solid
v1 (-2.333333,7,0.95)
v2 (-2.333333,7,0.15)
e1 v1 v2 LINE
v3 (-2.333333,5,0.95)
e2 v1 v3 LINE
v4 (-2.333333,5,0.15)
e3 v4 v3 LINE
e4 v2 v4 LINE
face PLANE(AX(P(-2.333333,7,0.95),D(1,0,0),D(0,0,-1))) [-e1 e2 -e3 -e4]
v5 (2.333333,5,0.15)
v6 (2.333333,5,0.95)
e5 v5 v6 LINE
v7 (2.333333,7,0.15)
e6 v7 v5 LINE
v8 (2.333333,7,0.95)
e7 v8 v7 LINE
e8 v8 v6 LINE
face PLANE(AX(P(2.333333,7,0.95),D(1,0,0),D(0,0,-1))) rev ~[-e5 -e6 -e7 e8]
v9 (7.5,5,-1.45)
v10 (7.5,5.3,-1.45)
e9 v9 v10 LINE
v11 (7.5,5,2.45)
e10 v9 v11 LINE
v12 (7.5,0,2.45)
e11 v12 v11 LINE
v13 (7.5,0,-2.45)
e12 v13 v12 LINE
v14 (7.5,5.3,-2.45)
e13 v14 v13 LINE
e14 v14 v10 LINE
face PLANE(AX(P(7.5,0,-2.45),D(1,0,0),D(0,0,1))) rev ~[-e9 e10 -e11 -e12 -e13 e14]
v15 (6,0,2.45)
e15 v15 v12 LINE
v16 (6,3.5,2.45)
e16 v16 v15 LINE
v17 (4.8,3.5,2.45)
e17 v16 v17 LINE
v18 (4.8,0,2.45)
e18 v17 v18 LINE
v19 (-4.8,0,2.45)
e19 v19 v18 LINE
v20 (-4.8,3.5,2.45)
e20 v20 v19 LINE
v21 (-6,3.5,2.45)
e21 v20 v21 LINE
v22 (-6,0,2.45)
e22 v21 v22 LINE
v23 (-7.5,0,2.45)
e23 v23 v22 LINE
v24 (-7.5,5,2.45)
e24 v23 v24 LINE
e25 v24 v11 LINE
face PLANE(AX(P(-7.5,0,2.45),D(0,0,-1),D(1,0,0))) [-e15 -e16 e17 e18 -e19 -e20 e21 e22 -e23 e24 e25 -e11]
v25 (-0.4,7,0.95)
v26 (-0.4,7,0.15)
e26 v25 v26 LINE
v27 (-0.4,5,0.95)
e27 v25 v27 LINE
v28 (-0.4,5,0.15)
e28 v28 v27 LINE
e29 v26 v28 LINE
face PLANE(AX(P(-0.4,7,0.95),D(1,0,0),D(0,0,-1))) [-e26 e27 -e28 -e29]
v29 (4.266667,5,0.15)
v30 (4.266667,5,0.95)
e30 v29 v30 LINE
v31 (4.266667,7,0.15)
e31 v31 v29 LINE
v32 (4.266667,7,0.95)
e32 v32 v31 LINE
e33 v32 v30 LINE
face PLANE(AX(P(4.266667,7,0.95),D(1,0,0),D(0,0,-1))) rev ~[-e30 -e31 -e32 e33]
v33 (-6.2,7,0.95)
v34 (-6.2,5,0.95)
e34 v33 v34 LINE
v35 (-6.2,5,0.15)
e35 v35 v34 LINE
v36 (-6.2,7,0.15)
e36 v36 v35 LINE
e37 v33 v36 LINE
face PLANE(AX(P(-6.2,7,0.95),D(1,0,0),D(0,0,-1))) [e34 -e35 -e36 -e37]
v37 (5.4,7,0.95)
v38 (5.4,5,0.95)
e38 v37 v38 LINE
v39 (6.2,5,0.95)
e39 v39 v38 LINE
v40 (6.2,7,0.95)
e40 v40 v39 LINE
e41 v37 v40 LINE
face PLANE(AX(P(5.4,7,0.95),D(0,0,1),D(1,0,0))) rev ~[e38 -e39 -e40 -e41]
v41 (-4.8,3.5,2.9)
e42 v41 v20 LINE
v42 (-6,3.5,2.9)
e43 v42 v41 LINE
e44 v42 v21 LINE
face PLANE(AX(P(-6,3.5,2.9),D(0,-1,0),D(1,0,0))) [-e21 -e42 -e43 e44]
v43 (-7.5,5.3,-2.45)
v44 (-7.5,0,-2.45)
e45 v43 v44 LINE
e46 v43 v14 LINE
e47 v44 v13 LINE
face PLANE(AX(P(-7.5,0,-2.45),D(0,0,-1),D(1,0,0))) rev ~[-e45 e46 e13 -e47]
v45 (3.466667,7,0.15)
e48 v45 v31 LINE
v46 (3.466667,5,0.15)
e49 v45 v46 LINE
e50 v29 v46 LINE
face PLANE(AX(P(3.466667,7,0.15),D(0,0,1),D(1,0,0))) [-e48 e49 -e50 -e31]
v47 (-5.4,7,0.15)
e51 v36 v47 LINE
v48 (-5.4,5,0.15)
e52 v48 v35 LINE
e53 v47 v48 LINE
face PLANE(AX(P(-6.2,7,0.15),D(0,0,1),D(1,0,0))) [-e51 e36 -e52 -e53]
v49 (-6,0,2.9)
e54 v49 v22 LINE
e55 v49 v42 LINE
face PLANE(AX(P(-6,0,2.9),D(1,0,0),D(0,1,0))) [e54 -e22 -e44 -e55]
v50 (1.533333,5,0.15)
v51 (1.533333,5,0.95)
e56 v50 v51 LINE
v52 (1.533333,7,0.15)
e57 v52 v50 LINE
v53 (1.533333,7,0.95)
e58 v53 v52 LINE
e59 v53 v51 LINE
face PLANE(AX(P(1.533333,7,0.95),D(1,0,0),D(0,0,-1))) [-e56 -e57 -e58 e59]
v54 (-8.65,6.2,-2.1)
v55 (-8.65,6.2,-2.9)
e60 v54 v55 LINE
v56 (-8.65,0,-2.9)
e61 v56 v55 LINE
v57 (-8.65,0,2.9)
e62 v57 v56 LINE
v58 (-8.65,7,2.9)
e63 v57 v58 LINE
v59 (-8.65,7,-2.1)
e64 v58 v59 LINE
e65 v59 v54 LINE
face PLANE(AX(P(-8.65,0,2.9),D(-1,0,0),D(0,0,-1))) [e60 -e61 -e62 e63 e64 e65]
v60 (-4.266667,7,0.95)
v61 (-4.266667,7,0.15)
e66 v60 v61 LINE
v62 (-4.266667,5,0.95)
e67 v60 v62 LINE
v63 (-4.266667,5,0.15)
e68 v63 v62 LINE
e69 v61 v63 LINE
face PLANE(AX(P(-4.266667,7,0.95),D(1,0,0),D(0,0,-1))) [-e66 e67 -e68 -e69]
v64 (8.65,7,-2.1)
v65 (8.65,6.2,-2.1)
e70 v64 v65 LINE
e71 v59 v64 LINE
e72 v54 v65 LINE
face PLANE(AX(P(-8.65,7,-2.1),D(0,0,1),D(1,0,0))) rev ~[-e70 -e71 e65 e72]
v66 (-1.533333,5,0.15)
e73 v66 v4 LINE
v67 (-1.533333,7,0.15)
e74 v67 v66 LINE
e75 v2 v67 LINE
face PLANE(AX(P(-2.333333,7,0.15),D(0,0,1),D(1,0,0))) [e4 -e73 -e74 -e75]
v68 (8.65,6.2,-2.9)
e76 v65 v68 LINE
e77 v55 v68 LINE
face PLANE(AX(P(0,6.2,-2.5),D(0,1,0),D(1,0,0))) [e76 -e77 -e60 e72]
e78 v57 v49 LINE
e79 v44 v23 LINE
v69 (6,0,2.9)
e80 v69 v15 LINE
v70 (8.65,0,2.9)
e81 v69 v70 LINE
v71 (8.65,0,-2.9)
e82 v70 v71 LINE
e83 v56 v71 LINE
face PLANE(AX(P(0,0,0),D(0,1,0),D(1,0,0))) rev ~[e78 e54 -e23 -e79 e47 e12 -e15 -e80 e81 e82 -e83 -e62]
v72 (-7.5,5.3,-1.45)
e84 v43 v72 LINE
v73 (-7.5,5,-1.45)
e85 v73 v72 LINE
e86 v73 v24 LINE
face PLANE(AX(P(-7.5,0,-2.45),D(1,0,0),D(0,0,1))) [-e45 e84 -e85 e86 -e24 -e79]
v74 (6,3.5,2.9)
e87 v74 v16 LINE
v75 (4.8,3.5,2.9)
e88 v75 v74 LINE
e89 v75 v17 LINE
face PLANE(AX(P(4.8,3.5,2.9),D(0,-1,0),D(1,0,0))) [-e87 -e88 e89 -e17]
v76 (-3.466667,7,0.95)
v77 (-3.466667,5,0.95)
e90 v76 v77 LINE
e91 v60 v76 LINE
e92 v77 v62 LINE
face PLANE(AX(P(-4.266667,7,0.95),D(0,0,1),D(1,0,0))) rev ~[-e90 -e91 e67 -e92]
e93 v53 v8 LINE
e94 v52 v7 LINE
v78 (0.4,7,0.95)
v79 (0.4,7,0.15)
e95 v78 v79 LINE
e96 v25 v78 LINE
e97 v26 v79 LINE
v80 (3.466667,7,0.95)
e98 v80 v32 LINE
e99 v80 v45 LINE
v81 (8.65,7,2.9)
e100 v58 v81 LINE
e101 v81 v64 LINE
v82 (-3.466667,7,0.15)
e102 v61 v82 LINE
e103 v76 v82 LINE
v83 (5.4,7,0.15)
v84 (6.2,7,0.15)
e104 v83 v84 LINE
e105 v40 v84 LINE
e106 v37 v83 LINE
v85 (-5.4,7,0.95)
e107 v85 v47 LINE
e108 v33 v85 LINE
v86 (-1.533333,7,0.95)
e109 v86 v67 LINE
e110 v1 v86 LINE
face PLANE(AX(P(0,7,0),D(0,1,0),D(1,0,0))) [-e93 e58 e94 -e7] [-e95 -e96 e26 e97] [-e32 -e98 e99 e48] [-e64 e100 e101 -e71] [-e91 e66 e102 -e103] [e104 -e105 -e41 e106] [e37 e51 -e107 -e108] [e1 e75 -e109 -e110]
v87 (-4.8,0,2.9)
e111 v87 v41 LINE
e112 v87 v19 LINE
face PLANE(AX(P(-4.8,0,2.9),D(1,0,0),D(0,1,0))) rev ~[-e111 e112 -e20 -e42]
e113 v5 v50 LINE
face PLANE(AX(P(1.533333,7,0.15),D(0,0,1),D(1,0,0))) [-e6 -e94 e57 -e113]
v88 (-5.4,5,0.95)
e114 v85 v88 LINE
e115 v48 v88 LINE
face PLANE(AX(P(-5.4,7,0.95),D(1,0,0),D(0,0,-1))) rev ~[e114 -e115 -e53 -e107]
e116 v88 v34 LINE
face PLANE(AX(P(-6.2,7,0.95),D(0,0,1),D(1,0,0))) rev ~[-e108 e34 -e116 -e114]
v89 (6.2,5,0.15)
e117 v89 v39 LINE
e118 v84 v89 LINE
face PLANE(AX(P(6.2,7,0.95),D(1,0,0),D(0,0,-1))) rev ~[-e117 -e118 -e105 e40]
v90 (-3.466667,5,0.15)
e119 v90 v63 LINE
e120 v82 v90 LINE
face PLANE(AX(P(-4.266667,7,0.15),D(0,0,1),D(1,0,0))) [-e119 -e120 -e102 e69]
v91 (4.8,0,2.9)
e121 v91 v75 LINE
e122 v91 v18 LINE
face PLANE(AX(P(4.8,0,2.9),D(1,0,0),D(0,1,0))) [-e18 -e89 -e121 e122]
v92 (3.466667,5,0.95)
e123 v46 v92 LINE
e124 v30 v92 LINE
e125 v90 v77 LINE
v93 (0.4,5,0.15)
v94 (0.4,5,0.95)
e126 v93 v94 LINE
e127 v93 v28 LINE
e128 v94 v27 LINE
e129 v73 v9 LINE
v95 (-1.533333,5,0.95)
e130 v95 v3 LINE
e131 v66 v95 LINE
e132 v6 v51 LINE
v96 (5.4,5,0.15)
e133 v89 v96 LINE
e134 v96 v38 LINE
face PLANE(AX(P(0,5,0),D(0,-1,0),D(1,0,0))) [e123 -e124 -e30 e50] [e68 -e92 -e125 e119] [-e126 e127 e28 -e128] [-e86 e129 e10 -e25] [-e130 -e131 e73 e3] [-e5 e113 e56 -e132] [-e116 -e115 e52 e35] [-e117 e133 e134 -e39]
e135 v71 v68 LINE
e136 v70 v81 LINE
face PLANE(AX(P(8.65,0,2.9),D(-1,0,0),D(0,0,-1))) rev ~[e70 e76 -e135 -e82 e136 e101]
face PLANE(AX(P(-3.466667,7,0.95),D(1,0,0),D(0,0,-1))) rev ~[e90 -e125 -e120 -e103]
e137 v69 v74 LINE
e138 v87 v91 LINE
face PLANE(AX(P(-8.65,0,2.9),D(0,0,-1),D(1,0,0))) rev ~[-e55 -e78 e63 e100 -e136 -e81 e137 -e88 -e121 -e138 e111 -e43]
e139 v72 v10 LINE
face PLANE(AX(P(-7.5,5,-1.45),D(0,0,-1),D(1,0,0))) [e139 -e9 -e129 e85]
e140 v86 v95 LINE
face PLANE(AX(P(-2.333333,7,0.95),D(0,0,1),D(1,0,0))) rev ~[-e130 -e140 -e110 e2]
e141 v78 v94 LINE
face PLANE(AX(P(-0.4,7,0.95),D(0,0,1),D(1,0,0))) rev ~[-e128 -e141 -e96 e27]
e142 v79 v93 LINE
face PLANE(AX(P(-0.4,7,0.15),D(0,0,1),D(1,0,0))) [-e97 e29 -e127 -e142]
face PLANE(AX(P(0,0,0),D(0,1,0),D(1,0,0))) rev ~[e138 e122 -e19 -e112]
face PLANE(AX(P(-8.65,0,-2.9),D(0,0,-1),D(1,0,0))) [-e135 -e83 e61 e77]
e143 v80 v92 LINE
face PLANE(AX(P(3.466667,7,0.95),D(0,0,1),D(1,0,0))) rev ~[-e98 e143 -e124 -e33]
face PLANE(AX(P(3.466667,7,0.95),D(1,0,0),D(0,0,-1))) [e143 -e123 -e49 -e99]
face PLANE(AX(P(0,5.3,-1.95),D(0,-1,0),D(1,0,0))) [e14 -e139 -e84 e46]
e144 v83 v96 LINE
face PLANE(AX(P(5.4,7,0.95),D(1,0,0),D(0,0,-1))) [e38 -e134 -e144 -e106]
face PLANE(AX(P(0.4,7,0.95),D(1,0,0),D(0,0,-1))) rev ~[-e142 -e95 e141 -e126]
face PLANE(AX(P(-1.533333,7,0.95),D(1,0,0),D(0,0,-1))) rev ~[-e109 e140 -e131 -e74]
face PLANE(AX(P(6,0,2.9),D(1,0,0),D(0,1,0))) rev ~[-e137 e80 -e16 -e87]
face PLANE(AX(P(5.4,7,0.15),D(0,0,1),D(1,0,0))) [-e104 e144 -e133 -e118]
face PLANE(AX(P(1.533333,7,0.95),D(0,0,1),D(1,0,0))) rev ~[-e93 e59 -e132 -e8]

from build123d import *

# Parameters (mm, degrees)
SKETCH1_W           = 17.3
SKETCH1_H           = 5.8
BOSS_EXTRUDE1_DEPTH = 7
SKETCH3_W           = 15
SKETCH3_H           = 4.9
CUT_EXTRUDE1_DEPTH  = 5
SKETCH4_W           = 1.2
SKETCH4_H           = 3.5
CUT_EXTRUDE2_DEPTH  = 4
SKETCH5_W           = 17.3
SKETCH5_H           = 0.8
CUT_EXTRUDE3_DEPTH  = 0.8
SKETCH6_W           = 0.8
SKETCH6_H           = 0.8
CUT_EXTRUDE4_DEPTH  = 10
SKETCH7_W           = 15
SKETCH7_H           = 1
CUT_EXTRUDE5_DEPTH  = 0.3


with BuildPart() as part:
    # Sketch1 → Boss-Extrude1 (new body)
    with BuildSketch(Plane(origin=(0, 0, 0), x_dir=(1, 0, 0), z_dir=(0, 1, 0))):
        Rectangle(SKETCH1_W, SKETCH1_H)
    extrude(amount=BOSS_EXTRUDE1_DEPTH)

    # Sketch3 → Cut-Extrude1 (cut)
    with BuildSketch(Plane.XZ):
        Rectangle(SKETCH3_W, SKETCH3_H)
    extrude(amount=-CUT_EXTRUDE1_DEPTH, mode=Mode.SUBTRACT)

    # Sketch4 → Cut-Extrude2 (cut)
    with BuildSketch(Plane.XY.offset(2.9)):
        with Locations((-5.4, 1.75)):
            Rectangle(SKETCH4_W, SKETCH4_H)
        with Locations((5.4, 1.75)):
            Rectangle(SKETCH4_W, SKETCH4_H)
    extrude(amount=-CUT_EXTRUDE2_DEPTH, mode=Mode.SUBTRACT)

    # Sketch5 → Cut-Extrude3 (cut)
    with BuildSketch(Plane(origin=(0, 7, 0), x_dir=(1, 0, 0), z_dir=(0, 1, 0))):
        with Locations((0, 2.5)):
            Rectangle(SKETCH5_W, SKETCH5_H)
    extrude(amount=-CUT_EXTRUDE3_DEPTH, mode=Mode.SUBTRACT)

    # Sketch6 → Cut-Extrude4 (cut)
    with BuildSketch(Plane(origin=(0, 7, 0), x_dir=(1, 0, 0), z_dir=(0, 1, 0))):
        with Locations((5.8, -0.55)):
            Rectangle(SKETCH6_W, SKETCH6_H)
        with Locations((3.866666667, -0.55)):
            Rectangle(SKETCH6_W, SKETCH6_H)
        with Locations((1.933333333, -0.55)):
            Rectangle(SKETCH6_W, SKETCH6_H)
        with Locations((0, -0.55)):
            Rectangle(SKETCH6_W, SKETCH6_H)
        with Locations((-1.933333333, -0.55)):
            Rectangle(SKETCH6_W, SKETCH6_H)
        with Locations((-3.866666667, -0.55)):
            Rectangle(SKETCH6_W, SKETCH6_H)
        with Locations((-5.8, -0.55)):
            Rectangle(SKETCH6_W, SKETCH6_H)
    extrude(amount=-CUT_EXTRUDE4_DEPTH, mode=Mode.SUBTRACT)

    # Sketch7 → Cut-Extrude5 (cut)
    with BuildSketch(Plane.XZ.offset(-5)):
        with Locations((0, -1.95)):
            Rectangle(SKETCH7_W, SKETCH7_H)
    extrude(amount=-CUT_EXTRUDE5_DEPTH, mode=Mode.SUBTRACT)


solid = part.part
